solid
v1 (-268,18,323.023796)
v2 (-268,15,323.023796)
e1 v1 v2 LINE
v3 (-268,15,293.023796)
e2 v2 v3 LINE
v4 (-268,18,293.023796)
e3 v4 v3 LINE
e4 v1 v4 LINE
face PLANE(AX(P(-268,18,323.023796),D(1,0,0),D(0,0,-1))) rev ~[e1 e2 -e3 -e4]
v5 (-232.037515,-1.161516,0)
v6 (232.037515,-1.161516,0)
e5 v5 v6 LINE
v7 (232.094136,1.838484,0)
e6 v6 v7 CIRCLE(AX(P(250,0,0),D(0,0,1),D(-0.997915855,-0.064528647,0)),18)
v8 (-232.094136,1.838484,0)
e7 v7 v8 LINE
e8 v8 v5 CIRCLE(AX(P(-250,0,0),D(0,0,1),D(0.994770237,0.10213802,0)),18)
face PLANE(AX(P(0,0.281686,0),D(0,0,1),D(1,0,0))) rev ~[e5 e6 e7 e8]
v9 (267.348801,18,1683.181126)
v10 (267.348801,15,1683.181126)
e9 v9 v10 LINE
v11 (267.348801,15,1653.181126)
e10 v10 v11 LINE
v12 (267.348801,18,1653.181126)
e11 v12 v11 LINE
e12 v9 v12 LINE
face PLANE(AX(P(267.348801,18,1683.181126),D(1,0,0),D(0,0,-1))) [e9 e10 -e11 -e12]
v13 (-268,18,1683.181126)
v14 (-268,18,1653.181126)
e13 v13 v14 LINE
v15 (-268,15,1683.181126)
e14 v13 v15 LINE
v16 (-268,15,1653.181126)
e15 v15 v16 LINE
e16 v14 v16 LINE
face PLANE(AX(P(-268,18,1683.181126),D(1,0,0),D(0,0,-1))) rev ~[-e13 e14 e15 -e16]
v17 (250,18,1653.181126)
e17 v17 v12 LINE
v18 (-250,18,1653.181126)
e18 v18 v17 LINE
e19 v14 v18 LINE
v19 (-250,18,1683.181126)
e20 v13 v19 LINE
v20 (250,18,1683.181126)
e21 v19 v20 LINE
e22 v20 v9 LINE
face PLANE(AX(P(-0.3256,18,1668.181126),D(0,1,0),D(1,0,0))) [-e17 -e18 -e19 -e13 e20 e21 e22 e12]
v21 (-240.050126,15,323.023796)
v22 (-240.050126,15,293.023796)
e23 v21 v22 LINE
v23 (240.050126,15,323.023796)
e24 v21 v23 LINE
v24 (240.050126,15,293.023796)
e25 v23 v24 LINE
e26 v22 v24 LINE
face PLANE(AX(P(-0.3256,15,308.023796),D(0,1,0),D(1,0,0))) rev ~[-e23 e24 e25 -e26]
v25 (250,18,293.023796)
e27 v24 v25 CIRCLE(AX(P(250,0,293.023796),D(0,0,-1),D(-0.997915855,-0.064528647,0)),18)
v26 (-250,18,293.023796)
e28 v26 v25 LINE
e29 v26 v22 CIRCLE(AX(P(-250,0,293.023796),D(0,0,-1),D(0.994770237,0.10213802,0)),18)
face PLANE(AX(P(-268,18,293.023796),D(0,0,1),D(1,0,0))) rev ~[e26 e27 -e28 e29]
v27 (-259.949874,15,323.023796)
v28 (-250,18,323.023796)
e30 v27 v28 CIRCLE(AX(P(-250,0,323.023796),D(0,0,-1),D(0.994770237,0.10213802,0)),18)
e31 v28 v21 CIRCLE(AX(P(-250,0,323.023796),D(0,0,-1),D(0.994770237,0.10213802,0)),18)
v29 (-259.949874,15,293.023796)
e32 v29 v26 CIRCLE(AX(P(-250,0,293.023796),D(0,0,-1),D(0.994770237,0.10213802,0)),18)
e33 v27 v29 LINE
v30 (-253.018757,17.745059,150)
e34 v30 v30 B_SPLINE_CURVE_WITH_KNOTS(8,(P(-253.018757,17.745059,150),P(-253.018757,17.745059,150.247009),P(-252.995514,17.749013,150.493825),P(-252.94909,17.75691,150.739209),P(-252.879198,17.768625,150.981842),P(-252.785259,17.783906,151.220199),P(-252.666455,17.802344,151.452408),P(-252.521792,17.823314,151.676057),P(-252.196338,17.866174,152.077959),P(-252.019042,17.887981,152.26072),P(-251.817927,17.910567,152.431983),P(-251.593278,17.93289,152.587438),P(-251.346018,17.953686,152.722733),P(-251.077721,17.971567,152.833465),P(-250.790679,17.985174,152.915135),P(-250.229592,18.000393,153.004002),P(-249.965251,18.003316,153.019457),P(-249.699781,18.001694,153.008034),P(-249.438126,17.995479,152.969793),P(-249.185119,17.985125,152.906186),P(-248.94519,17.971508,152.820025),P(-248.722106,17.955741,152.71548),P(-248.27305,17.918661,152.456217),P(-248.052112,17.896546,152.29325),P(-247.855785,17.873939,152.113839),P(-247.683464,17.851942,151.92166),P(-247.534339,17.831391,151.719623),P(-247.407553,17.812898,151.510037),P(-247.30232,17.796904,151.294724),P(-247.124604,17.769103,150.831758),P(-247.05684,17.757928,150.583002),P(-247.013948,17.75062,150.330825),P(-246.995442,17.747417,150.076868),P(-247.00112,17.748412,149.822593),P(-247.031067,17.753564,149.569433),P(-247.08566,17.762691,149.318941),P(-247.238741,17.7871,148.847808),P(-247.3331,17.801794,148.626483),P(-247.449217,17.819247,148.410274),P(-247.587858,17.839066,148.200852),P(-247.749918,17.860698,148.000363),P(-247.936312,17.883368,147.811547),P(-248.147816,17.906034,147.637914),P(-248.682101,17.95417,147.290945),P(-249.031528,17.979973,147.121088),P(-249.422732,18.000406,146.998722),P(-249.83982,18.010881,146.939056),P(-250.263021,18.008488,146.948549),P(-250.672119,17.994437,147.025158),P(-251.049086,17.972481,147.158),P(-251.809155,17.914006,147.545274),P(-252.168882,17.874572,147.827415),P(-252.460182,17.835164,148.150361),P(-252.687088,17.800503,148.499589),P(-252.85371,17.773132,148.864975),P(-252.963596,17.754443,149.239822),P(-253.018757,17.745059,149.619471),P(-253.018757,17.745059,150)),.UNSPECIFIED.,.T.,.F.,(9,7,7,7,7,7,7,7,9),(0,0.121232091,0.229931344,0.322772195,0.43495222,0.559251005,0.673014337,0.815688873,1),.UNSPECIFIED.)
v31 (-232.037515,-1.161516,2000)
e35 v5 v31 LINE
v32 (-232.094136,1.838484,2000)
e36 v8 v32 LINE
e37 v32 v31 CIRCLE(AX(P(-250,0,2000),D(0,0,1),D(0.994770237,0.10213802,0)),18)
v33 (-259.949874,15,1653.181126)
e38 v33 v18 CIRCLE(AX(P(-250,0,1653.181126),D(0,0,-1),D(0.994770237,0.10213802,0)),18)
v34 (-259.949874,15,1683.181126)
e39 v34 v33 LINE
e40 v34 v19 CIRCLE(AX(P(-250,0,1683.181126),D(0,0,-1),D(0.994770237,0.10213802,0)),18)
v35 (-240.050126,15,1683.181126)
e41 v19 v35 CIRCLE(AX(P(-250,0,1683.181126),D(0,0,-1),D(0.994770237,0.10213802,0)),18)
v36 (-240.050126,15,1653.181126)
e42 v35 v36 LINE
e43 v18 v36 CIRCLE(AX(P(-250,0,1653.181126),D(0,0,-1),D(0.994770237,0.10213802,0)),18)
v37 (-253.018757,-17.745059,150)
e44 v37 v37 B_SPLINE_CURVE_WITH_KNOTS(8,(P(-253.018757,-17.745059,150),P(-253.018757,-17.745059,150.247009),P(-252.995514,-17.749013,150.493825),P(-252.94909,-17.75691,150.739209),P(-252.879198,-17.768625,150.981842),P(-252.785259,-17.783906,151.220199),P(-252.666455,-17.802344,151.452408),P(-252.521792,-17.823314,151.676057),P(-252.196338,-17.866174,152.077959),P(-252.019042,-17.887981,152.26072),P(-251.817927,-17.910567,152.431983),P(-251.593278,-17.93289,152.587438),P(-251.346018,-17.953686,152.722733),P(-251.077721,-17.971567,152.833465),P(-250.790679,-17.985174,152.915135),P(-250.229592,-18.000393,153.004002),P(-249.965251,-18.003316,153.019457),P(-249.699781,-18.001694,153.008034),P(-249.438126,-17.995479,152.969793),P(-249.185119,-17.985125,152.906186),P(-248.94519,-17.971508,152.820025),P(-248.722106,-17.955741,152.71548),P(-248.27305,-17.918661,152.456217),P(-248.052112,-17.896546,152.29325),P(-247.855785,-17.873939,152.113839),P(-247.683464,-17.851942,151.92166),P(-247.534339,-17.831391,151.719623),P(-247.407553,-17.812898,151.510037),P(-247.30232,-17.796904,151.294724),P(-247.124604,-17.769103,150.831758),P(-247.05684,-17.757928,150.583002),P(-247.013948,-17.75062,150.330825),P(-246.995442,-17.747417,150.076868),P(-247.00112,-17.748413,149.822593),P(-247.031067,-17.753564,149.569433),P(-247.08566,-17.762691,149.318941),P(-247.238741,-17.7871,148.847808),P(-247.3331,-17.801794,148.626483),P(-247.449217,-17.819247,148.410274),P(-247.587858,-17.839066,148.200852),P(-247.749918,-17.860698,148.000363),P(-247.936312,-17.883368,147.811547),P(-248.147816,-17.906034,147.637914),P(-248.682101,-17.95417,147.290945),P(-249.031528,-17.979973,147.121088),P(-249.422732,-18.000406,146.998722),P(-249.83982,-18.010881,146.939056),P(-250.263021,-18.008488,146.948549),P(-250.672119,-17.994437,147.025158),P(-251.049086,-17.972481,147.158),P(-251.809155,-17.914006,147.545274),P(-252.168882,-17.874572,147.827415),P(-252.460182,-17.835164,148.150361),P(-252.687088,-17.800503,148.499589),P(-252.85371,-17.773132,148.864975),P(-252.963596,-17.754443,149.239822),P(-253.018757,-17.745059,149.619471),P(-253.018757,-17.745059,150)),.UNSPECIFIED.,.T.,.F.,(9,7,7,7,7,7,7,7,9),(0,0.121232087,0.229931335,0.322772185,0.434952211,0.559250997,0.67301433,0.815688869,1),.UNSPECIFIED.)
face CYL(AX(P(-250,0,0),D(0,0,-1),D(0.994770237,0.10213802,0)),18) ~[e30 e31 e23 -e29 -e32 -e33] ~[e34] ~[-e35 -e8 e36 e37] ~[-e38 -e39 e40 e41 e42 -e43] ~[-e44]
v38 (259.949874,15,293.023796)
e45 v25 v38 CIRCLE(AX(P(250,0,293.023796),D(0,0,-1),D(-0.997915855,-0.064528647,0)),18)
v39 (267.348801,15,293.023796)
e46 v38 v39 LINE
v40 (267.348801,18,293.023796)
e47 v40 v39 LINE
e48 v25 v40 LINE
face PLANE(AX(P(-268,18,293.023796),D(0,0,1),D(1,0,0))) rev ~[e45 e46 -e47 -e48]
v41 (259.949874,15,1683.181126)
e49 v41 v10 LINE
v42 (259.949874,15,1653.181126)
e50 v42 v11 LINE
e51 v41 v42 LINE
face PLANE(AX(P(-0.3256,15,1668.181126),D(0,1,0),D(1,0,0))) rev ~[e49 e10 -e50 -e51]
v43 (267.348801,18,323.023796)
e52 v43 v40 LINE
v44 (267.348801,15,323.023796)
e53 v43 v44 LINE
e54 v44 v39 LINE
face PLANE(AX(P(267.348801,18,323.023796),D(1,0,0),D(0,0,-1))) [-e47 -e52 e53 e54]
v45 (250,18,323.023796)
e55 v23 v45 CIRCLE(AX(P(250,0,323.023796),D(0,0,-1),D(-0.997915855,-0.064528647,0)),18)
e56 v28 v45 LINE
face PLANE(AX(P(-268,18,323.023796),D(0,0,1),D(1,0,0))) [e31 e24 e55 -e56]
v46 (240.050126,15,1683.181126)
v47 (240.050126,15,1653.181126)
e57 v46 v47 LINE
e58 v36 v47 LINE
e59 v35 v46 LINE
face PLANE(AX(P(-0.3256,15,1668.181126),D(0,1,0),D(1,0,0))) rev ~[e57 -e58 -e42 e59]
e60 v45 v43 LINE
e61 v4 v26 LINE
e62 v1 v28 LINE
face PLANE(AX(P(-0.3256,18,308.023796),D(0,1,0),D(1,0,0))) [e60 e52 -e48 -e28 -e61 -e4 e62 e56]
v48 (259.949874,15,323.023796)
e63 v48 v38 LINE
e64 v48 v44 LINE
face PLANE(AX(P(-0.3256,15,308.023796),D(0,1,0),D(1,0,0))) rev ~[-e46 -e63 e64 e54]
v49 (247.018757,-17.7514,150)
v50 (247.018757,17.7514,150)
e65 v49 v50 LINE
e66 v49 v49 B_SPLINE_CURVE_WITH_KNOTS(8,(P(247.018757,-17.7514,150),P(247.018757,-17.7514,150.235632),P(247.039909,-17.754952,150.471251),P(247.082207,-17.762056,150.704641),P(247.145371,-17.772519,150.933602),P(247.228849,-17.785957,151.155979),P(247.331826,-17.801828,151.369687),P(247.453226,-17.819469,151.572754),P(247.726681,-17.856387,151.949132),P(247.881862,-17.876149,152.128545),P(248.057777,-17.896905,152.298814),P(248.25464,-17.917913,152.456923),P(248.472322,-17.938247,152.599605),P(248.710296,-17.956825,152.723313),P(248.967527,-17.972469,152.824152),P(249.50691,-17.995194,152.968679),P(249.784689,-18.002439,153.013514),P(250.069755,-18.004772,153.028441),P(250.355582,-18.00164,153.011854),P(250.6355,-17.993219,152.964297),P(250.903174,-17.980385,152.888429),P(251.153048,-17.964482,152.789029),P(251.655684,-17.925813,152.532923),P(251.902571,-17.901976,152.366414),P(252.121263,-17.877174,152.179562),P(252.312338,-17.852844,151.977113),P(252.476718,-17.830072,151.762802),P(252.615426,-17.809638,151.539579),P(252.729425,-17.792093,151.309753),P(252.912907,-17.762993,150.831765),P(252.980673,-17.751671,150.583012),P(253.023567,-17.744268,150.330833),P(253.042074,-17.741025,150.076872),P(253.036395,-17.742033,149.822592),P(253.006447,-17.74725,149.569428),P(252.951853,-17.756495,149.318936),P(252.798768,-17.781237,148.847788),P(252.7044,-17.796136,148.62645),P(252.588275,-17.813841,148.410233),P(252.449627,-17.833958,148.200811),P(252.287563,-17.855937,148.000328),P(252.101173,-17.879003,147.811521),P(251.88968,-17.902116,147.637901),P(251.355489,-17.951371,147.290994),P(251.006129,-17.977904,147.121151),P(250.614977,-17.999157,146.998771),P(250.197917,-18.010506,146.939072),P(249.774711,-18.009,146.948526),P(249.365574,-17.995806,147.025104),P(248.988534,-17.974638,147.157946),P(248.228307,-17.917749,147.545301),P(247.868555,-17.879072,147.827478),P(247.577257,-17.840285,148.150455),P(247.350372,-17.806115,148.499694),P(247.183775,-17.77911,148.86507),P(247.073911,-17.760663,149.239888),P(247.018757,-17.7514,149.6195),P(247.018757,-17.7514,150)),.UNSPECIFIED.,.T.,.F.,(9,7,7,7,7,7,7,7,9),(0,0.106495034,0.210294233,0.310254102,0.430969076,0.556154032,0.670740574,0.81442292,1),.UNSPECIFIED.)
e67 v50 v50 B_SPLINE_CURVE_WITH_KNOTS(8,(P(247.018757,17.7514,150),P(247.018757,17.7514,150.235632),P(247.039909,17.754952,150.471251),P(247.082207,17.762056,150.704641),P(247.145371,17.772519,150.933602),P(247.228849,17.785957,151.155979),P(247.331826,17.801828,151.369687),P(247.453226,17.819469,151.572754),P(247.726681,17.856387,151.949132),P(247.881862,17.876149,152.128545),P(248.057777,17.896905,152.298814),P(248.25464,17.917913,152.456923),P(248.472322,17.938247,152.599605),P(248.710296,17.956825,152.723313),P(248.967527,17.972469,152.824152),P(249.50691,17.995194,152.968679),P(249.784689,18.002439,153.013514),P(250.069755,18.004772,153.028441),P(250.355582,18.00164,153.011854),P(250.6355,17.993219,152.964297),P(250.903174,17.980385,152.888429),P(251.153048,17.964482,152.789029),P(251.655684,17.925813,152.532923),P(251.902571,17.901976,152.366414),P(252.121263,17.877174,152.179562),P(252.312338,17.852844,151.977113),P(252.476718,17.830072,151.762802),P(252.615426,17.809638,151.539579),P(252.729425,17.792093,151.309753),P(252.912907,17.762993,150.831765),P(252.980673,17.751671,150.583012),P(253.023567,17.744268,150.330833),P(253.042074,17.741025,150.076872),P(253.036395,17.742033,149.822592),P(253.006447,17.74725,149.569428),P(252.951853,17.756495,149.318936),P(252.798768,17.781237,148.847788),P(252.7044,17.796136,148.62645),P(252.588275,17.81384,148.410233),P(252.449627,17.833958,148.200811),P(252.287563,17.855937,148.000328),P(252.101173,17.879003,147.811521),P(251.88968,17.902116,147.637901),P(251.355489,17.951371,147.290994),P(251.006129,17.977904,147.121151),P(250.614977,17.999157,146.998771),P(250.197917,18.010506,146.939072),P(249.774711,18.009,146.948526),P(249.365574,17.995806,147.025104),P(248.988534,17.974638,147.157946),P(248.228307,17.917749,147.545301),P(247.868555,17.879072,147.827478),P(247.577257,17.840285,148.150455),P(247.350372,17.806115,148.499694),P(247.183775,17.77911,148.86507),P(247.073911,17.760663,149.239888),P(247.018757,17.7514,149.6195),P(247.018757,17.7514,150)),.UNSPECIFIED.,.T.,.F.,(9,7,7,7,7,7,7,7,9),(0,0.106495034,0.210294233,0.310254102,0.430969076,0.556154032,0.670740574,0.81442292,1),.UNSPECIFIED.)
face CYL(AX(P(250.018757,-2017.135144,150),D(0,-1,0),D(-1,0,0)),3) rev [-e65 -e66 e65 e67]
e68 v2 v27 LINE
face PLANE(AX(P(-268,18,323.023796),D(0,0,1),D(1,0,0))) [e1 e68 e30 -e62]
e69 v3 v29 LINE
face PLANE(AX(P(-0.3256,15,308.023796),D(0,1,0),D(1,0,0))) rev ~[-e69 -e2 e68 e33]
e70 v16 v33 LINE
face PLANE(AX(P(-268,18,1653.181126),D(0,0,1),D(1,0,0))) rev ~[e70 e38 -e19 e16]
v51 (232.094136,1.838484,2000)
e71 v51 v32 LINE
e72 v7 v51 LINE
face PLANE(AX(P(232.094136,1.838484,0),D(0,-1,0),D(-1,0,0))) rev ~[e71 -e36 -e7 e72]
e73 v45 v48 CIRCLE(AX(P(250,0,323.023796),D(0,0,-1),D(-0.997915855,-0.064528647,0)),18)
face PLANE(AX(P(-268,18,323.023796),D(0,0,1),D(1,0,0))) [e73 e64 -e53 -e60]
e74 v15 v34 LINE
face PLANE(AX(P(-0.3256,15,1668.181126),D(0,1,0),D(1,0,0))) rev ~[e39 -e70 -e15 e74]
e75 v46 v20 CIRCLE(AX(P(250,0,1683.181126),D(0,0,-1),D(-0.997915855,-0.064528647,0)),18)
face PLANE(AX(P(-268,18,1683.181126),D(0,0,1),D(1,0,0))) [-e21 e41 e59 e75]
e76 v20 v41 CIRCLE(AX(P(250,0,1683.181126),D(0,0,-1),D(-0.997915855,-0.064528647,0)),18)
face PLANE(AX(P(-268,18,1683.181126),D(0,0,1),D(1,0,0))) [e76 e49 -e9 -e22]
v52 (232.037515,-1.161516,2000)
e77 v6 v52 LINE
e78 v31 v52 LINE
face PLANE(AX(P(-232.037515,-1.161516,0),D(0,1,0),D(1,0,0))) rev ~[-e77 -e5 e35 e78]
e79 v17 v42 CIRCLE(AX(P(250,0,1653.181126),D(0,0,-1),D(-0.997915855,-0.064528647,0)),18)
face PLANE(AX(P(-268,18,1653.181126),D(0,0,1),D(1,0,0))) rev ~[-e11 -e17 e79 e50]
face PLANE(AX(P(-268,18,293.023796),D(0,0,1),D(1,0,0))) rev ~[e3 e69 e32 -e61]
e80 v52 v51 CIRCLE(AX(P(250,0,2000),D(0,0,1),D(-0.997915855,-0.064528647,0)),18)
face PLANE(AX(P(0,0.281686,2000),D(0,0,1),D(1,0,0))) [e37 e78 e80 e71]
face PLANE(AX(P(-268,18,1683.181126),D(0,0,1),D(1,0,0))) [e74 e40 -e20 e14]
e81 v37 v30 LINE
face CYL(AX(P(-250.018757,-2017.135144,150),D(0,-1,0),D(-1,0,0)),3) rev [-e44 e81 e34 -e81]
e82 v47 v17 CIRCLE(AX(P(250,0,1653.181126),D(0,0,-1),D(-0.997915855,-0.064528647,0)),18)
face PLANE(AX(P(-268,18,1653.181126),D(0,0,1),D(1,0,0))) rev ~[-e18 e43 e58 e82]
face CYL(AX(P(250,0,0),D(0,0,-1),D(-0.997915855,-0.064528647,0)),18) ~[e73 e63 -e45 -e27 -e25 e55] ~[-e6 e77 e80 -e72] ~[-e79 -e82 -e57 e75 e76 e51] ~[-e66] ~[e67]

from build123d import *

# Parameters (mm, degrees)
SKETCH_1_R               = 15
EXTRUDE_1_DEPTH          = 2000
EXTRUDE_1_2_DEPTH        = 2000
SKETCH_2_R               = 15
EXTRUDE_2_DEPTH          = 2000
CUT_EXTRUDE_1_DEPTH      = 2018.973628535
CUT_EXTRUDE_1_DEPTH_BACK = 2018.973628535
SKETCH_3_R               = 3
SKETCH_6_W               = 535.348800536
SKETCH_6_H               = 30
EXTRUDE_3_DEPTH          = 3


with BuildPart() as part:
    # 草图1 → 凸台-拉伸1 (new body)
    with BuildSketch(Plane.XY):
        with Locations((-250, 0)):
            Circle(SKETCH_1_R)
    extrude(amount=EXTRUDE_1_DEPTH)



with BuildPart() as body_2:
    # 草图1 → Extrude 1 2 (new body)
    with BuildSketch(Plane.XY):
        with Locations((250, 0)):
            Circle(SKETCH_1_R)
    extrude(amount=EXTRUDE_1_2_DEPTH)


with BuildPart() as part_1:
    add(part.part)

    add(body_2.part)  # 凸台-拉伸2 merges body 2
    # 草图2 → 凸台-拉伸2 (add)
    with BuildSketch(Plane(origin=(0, 0, 0), x_dir=(-1, 0, 0), z_dir=(0, 0, -1))):
        with BuildLine():
            Line((-232.09413573, 1.83848436), (232.09413573, 1.83848436))
            ThreePointArc((232.09413573, 1.83848436), (267.996794905, -0.339666233), (232.037514609, -1.16151564))
            Line((232.037514609, -1.16151564), (-232.037514609, -1.16151564))
            ThreePointArc((-232.037514609, -1.16151564), (-267.996794905, -0.339666233), (-232.09413573, 1.83848436))
        make_face()
        with Locations((-250, 0)):
            Circle(SKETCH_2_R, mode=Mode.SUBTRACT)
        with Locations((250, 0)):
            Circle(SKETCH_2_R, mode=Mode.SUBTRACT)
    extrude(amount=-EXTRUDE_2_DEPTH)

    # 草图3 → 切除-拉伸1 (cut, two sides: drawn at the far end of the back side and taken through both)
    with BuildSketch(Plane(origin=(0, 1.83848436, 0), x_dir=(1, 0, 0), z_dir=(0, 1, 0)).offset(-CUT_EXTRUDE_1_DEPTH_BACK)):
        with Locations(Location((250.018757305, -150, 0), (0, 0, 180))):
            Circle(SKETCH_3_R)
        with Locations(Location((-250.018757305, -150, 0), (0, 0, 180))):
            Circle(SKETCH_3_R)
    extrude(amount=CUT_EXTRUDE_1_DEPTH + CUT_EXTRUDE_1_DEPTH_BACK, mode=Mode.SUBTRACT)

    # 草图6 → 凸台-拉伸3 (add)
    with BuildSketch(Plane(origin=(0, 18, 0), x_dir=(1, 0, 0), z_dir=(0, 1, 0))):
        with Locations((-0.325599732, -308.023795678)):
            Rectangle(SKETCH_6_W, SKETCH_6_H)
        with Locations((-0.325599732, -1668.181126051)):
            Rectangle(SKETCH_6_W, SKETCH_6_H)
    extrude(amount=-EXTRUDE_3_DEPTH)


solid = part_1.part
